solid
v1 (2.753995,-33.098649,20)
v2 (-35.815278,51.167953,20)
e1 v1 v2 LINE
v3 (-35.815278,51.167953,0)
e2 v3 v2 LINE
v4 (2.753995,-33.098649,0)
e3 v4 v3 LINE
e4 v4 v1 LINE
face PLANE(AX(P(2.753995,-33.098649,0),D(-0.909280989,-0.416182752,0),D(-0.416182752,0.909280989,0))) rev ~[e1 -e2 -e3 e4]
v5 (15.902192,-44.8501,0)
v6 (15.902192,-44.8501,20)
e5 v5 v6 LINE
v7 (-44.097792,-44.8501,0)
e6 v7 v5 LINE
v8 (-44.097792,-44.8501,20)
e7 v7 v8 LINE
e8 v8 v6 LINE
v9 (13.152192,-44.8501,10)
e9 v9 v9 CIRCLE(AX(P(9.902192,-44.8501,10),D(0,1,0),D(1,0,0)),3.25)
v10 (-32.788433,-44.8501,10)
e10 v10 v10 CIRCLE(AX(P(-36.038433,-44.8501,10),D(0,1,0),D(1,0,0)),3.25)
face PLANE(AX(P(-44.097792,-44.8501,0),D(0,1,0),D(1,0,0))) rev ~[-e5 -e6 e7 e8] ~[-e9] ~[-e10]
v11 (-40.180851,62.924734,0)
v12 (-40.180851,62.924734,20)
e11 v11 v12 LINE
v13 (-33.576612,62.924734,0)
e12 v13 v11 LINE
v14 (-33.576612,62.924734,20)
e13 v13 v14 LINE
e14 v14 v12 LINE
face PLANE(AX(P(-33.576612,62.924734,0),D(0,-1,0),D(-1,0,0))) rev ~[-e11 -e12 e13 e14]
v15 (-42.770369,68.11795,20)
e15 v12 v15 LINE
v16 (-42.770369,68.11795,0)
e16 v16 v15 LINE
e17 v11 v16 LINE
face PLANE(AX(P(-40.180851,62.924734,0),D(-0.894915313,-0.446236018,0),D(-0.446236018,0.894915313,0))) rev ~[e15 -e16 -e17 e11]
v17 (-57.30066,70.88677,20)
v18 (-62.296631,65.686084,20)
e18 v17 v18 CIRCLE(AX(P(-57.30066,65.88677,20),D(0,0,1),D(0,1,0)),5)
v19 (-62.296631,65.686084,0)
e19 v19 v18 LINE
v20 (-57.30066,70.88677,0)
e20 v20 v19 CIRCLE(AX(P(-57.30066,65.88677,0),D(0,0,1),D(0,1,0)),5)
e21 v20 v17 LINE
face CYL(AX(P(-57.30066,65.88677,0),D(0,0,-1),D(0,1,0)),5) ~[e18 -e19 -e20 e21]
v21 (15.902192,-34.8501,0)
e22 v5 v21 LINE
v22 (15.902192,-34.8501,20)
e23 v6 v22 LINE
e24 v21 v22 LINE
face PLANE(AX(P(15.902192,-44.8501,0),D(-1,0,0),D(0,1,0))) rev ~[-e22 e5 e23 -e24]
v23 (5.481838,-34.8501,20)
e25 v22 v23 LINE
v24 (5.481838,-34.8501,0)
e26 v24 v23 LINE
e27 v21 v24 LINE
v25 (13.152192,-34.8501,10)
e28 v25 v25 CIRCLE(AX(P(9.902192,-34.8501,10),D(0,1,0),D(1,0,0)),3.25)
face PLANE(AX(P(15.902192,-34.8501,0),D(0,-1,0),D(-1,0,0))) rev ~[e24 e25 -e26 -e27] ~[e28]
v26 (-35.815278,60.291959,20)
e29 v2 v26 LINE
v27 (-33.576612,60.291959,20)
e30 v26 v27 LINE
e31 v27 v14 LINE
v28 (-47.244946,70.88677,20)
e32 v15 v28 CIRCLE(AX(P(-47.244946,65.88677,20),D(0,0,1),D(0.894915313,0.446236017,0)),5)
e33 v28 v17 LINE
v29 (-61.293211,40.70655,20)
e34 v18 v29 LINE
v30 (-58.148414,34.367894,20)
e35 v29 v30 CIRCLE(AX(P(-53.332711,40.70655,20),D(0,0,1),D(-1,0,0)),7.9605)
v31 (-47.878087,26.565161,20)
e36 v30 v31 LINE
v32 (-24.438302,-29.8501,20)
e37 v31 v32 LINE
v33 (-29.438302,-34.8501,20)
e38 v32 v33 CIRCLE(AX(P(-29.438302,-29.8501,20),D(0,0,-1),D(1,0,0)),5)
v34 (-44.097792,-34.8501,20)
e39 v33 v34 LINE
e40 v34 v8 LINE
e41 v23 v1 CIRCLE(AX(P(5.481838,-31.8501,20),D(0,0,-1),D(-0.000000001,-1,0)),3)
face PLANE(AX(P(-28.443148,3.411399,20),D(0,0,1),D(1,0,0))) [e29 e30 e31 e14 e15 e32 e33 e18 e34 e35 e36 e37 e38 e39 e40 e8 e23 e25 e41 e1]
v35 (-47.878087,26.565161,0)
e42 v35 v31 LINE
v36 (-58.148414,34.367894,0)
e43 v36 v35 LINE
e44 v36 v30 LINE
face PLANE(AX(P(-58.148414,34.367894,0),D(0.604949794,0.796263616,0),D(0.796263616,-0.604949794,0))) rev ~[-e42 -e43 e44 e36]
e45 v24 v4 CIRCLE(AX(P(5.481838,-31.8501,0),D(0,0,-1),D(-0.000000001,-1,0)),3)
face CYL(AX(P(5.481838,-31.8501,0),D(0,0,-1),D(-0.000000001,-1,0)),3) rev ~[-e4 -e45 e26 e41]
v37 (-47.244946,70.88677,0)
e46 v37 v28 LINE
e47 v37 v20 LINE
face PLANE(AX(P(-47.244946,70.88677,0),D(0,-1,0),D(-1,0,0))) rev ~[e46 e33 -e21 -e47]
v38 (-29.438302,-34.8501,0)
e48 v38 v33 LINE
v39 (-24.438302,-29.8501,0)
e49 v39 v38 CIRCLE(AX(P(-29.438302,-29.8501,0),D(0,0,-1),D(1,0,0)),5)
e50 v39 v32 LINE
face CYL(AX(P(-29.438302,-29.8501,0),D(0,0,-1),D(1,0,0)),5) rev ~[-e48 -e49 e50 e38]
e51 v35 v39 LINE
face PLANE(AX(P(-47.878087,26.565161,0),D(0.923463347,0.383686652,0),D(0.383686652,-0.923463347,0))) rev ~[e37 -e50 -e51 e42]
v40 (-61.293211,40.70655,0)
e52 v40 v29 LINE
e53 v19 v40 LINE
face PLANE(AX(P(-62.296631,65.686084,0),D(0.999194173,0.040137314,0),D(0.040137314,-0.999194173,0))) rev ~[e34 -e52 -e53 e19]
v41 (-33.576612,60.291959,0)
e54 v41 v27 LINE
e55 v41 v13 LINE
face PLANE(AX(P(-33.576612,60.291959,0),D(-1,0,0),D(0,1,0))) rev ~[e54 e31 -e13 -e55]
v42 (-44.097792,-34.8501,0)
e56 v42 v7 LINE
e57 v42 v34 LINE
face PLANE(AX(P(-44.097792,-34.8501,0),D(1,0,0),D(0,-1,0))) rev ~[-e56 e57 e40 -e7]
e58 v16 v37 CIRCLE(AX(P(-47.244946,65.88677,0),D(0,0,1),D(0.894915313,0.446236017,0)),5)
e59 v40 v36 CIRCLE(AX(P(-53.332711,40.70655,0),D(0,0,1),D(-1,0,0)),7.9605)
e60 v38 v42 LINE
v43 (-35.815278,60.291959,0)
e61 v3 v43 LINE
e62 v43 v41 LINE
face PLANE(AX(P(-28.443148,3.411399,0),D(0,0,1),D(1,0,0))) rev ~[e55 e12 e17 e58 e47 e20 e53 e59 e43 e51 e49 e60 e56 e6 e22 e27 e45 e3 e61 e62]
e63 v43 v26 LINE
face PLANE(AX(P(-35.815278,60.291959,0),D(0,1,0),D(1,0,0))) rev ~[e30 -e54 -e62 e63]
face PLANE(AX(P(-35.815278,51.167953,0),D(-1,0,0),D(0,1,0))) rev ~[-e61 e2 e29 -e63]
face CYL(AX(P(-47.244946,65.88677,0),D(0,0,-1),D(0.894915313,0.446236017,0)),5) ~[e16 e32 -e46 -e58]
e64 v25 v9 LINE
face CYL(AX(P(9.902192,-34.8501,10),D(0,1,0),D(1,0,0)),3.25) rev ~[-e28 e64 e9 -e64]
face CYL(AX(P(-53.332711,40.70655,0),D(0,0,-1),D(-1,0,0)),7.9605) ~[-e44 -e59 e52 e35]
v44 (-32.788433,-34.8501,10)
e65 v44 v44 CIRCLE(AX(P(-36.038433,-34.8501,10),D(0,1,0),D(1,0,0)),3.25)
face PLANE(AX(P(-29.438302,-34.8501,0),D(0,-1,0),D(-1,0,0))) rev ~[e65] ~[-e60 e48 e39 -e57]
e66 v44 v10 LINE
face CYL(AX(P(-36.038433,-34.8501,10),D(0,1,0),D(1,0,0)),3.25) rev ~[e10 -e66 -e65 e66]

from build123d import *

# Parameters (mm, degrees)
BOSS_EXTRUDE1_DEPTH     = 20
SKETCH3_R               = 3.25
CUT_EXTRUDE1_DEPTH      = 20
CUT_EXTRUDE1_DEPTH_BACK = 20


with BuildPart() as part:
    # Sketch1 → Boss-Extrude1 (new body)
    with BuildSketch(Plane.XY):
        with BuildLine():
            Line((-44.097792079, -34.850100287), (-44.097792079, -44.850100287))
            Line((-44.097792079, -44.850100287), (15.902191644, -44.850100287))
            Line((15.902191644, -44.850100287), (15.902191644, -34.850100287))
            Line((15.902191644, -34.850100287), (5.481837679, -34.850100287))
            ThreePointArc((5.481837679, -34.850100287), (3.860980617, -34.374545252), (2.753994712, -33.098648543))
            Line((2.753994712, -33.098648543), (-35.815277858, 51.167953451))
            Line((-35.815277858, 51.167953451), (-35.815277858, 60.291959238))
            Line((-35.815277858, 60.291959238), (-33.576612404, 60.291959238))
            Line((-33.576612404, 60.291959238), (-33.576612404, 62.924734339))
            Line((-33.576612404, 62.924734339), (-40.180850679, 62.924734339))
            Line((-40.180850679, 62.924734339), (-42.770369484, 68.117950349))
            ThreePointArc((-42.770369484, 68.117950349), (-44.613967183, 70.138587546), (-47.244946047, 70.886770262))
            Line((-47.244946047, 70.886770262), (-57.300660313, 70.886770262))
            ThreePointArc((-57.300660313, 70.886770262), (-60.906449606, 69.350624123), (-62.296631179, 65.686083691))
            Line((-62.296631179, 65.686083691), (-61.293211228, 40.706550479))
            ThreePointArc((-61.293211228, 40.706550479), (-60.463803823, 37.168602153), (-58.148414135, 34.367894102))
            Line((-58.148414135, 34.367894102), (-47.87808719, 26.565161379))
            Line((-47.87808719, 26.565161379), (-24.43830161, -29.850100287))
            ThreePointArc((-24.43830161, -29.850100287), (-25.902767704, -33.385634193), (-29.43830161, -34.850100287))
            Line((-29.43830161, -34.850100287), (-35.915534593, -34.850100287))
            Line((-35.915534593, -34.850100287), (-44.097792079, -34.850100287))
        make_face()
    extrude(amount=BOSS_EXTRUDE1_DEPTH)

    # Sketch3 → Cut-Extrude1 (cut, two sides)
    with BuildSketch(Plane(origin=(0, -34.850100287, 0), x_dir=(1, 0, 0), z_dir=(0, 1, 0))) as cut_extrude1_sk:
        with Locations((9.902191644, -10)):
            Circle(SKETCH3_R)
        with Locations((-36.038433316, -10)):
            Circle(SKETCH3_R)
    extrude(amount=CUT_EXTRUDE1_DEPTH, mode=Mode.SUBTRACT)
    extrude(cut_extrude1_sk.sketch, amount=-CUT_EXTRUDE1_DEPTH_BACK, mode=Mode.SUBTRACT)


solid = part.part
